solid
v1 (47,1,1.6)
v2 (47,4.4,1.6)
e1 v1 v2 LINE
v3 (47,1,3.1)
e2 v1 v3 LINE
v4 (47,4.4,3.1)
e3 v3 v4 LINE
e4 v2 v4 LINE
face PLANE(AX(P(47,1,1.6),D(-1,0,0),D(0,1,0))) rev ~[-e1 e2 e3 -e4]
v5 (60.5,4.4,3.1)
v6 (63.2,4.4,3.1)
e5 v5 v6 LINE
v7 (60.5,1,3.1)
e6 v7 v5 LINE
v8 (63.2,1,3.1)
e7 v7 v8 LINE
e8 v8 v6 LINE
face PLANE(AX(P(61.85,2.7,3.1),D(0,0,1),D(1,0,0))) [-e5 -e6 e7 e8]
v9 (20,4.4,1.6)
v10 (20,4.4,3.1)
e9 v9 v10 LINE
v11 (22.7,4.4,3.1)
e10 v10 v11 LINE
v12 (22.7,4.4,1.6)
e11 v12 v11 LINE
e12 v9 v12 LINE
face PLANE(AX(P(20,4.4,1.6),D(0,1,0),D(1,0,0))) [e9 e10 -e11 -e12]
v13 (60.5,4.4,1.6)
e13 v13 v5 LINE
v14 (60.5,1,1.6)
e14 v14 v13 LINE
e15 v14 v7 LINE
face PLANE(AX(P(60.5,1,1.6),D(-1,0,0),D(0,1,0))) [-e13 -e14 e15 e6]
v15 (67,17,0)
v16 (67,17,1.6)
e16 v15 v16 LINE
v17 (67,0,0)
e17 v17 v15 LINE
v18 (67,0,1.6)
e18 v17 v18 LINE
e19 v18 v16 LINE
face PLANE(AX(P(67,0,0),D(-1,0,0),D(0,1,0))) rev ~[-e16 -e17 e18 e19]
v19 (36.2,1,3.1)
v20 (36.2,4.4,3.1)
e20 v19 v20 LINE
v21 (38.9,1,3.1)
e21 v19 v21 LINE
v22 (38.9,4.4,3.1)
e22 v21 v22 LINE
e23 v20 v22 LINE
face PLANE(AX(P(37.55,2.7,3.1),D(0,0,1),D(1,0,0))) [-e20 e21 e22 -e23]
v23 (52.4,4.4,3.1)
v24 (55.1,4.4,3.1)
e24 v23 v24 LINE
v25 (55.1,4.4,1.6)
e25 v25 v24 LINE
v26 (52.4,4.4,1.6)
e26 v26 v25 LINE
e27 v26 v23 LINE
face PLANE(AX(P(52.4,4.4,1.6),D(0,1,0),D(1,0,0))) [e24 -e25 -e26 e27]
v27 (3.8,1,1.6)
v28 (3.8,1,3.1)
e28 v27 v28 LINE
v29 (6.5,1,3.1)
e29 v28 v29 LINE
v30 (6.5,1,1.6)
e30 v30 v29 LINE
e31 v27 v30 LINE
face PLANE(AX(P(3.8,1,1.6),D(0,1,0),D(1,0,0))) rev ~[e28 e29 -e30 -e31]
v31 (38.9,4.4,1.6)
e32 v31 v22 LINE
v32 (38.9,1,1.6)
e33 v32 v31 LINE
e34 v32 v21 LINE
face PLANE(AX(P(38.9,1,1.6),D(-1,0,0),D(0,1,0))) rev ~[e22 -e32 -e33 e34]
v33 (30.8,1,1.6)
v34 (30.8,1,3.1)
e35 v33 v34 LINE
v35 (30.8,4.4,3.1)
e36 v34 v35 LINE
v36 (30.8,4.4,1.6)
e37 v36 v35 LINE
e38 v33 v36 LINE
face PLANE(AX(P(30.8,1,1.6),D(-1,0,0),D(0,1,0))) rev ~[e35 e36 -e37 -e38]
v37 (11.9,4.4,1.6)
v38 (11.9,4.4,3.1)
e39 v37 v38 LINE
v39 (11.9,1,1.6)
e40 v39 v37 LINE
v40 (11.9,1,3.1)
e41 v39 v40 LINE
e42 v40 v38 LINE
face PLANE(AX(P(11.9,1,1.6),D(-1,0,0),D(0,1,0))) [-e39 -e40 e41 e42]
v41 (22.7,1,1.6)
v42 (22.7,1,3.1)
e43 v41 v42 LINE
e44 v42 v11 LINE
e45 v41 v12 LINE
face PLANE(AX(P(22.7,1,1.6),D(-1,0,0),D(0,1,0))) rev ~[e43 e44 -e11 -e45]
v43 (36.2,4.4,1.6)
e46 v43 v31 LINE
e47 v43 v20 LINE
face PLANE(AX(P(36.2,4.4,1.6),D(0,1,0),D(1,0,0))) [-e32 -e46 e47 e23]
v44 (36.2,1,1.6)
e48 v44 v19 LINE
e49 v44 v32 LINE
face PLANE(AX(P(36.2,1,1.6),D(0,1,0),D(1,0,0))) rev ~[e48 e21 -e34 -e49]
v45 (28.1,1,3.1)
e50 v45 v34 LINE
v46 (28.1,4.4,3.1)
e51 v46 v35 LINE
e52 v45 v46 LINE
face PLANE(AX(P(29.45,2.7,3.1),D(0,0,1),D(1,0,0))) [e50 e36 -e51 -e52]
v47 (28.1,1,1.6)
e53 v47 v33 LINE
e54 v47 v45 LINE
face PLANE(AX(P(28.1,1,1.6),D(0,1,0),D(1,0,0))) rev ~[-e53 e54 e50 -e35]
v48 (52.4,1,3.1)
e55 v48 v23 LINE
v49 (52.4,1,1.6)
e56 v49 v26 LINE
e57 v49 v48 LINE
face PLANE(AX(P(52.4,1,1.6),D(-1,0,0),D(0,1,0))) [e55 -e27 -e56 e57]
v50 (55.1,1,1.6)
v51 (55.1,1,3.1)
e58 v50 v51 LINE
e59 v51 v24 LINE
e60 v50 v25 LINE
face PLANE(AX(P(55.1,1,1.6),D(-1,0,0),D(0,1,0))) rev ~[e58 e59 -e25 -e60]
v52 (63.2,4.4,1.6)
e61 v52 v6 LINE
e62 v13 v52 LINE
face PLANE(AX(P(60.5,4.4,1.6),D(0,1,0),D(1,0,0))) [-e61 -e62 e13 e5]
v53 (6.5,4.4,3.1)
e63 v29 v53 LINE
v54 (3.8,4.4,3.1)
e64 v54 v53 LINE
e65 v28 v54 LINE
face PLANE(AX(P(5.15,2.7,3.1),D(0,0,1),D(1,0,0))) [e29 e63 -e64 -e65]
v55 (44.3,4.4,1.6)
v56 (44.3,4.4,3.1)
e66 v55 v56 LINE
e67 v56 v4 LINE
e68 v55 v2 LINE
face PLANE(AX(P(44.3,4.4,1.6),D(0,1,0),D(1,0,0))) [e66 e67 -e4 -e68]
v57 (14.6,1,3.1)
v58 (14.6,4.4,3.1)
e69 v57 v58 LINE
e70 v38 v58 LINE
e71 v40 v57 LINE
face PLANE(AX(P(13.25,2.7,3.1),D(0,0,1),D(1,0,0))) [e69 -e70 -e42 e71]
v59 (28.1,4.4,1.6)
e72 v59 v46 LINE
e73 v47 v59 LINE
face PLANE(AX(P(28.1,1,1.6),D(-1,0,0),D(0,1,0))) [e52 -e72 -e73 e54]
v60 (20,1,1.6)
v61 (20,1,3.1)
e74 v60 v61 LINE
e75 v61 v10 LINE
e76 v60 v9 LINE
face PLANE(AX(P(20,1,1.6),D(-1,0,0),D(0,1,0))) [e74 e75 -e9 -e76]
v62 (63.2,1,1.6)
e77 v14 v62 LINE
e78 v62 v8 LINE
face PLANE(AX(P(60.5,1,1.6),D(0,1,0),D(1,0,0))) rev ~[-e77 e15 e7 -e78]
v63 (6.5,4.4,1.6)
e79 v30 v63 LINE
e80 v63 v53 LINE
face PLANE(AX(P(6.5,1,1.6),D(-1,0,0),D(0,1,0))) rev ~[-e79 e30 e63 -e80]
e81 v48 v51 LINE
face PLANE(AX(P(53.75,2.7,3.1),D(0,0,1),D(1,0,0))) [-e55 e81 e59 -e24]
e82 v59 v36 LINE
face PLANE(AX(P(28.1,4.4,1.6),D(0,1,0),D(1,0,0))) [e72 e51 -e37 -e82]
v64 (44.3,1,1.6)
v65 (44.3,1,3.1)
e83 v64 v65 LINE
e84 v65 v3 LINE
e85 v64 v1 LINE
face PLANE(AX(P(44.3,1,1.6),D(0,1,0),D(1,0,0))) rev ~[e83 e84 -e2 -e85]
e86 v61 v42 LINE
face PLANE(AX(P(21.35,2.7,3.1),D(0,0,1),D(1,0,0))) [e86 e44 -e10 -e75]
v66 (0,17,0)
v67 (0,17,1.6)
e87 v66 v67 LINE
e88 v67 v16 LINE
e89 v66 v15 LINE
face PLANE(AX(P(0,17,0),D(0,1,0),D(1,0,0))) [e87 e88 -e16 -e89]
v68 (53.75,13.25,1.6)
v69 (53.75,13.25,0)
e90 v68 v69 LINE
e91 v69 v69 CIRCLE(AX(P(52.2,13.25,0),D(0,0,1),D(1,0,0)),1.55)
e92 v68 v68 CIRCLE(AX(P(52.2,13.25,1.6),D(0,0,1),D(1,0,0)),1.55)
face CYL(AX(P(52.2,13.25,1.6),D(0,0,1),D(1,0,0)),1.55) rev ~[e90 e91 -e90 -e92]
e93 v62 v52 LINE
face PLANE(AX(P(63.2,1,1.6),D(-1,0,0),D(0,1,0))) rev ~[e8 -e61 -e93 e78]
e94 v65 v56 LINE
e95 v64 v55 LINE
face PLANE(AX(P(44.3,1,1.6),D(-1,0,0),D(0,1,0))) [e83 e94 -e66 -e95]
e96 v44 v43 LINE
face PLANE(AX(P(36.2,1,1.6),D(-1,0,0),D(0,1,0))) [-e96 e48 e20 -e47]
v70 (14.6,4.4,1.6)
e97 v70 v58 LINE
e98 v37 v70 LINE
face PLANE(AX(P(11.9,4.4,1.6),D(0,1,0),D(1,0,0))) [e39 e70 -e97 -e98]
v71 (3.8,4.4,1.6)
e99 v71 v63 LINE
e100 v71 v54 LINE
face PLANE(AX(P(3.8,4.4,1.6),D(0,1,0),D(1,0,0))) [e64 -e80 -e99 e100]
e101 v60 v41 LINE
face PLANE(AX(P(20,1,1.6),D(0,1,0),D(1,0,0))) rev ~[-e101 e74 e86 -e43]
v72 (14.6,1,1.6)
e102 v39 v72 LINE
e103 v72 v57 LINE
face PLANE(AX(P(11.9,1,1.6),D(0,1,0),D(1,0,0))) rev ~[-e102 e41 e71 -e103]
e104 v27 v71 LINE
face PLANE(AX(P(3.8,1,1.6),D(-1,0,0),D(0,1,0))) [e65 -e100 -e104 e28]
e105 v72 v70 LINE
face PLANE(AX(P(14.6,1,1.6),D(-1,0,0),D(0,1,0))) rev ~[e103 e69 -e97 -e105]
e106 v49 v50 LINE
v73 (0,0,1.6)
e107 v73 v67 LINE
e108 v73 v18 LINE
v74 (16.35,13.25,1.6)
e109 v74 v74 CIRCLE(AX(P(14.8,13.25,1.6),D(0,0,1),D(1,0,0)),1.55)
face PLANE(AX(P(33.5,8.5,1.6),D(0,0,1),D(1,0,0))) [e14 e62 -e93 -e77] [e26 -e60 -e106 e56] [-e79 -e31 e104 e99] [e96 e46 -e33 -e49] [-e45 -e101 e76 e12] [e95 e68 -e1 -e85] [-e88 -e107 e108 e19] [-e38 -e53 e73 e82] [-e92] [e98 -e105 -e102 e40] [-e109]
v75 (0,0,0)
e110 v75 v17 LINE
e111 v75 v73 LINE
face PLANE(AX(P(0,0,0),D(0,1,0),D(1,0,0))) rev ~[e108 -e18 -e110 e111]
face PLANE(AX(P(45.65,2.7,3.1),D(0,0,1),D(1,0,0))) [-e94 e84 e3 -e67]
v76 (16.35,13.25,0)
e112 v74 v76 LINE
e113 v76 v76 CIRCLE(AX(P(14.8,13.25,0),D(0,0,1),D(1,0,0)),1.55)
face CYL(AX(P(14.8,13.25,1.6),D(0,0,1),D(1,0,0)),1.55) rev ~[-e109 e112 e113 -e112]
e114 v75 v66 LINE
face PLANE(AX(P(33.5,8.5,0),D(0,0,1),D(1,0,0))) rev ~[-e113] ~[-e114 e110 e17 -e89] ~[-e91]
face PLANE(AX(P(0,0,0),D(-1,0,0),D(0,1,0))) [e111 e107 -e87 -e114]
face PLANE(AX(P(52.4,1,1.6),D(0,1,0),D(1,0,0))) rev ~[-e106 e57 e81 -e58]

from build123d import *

# Parameters (mm, degrees)
ESBO_O1_W                = 67
ESBO_O1_H                = 17
RESSALTO_EXTRUS_O1_DEPTH = 1.6
ESBO_O2_R                = 1.55
CORTE_EXTRUS_O1_DEPTH    = 70.141593849
ESBO_O3_W                = 2.7
ESBO_O3_H                = 3.4
RESSALTO_EXTRUS_O2_DEPTH = 1.5


with BuildPart() as part:
    # Esboço1 → Ressalto-extrusão1 (new body)
    with BuildSketch(Plane.XY):
        with Locations((33.5, 8.5)):
            Rectangle(ESBO_O1_W, ESBO_O1_H)
    extrude(amount=RESSALTO_EXTRUS_O1_DEPTH)

    # Esboço2 → Corte-extrusão1 (cut, through all)
    with BuildSketch(Plane.XY.offset(1.6)):
        with Locations((14.8, 13.25)):
            Circle(ESBO_O2_R)
        with Locations((52.2, 13.25)):
            Circle(ESBO_O2_R)
    extrude(amount=-CORTE_EXTRUS_O1_DEPTH, mode=Mode.SUBTRACT)

    # Esboço3 → Ressalto-extrusão2 (add)
    with BuildSketch(Plane.XY.offset(1.6)):
        with Locations((5.15, 2.7)):
            Rectangle(ESBO_O3_W, ESBO_O3_H)
        with Locations((13.25, 2.7)):
            Rectangle(ESBO_O3_W, ESBO_O3_H)
        with Locations((21.35, 2.7)):
            Rectangle(ESBO_O3_W, ESBO_O3_H)
        with Locations((29.45, 2.7)):
            Rectangle(ESBO_O3_W, ESBO_O3_H)
        with Locations((37.55, 2.7)):
            Rectangle(ESBO_O3_W, ESBO_O3_H)
        with Locations((45.65, 2.7)):
            Rectangle(ESBO_O3_W, ESBO_O3_H)
        with Locations((53.75, 2.7)):
            Rectangle(ESBO_O3_W, ESBO_O3_H)
        with Locations((61.85, 2.7)):
            Rectangle(ESBO_O3_W, ESBO_O3_H)
    extrude(amount=RESSALTO_EXTRUS_O2_DEPTH)


solid = part.part
